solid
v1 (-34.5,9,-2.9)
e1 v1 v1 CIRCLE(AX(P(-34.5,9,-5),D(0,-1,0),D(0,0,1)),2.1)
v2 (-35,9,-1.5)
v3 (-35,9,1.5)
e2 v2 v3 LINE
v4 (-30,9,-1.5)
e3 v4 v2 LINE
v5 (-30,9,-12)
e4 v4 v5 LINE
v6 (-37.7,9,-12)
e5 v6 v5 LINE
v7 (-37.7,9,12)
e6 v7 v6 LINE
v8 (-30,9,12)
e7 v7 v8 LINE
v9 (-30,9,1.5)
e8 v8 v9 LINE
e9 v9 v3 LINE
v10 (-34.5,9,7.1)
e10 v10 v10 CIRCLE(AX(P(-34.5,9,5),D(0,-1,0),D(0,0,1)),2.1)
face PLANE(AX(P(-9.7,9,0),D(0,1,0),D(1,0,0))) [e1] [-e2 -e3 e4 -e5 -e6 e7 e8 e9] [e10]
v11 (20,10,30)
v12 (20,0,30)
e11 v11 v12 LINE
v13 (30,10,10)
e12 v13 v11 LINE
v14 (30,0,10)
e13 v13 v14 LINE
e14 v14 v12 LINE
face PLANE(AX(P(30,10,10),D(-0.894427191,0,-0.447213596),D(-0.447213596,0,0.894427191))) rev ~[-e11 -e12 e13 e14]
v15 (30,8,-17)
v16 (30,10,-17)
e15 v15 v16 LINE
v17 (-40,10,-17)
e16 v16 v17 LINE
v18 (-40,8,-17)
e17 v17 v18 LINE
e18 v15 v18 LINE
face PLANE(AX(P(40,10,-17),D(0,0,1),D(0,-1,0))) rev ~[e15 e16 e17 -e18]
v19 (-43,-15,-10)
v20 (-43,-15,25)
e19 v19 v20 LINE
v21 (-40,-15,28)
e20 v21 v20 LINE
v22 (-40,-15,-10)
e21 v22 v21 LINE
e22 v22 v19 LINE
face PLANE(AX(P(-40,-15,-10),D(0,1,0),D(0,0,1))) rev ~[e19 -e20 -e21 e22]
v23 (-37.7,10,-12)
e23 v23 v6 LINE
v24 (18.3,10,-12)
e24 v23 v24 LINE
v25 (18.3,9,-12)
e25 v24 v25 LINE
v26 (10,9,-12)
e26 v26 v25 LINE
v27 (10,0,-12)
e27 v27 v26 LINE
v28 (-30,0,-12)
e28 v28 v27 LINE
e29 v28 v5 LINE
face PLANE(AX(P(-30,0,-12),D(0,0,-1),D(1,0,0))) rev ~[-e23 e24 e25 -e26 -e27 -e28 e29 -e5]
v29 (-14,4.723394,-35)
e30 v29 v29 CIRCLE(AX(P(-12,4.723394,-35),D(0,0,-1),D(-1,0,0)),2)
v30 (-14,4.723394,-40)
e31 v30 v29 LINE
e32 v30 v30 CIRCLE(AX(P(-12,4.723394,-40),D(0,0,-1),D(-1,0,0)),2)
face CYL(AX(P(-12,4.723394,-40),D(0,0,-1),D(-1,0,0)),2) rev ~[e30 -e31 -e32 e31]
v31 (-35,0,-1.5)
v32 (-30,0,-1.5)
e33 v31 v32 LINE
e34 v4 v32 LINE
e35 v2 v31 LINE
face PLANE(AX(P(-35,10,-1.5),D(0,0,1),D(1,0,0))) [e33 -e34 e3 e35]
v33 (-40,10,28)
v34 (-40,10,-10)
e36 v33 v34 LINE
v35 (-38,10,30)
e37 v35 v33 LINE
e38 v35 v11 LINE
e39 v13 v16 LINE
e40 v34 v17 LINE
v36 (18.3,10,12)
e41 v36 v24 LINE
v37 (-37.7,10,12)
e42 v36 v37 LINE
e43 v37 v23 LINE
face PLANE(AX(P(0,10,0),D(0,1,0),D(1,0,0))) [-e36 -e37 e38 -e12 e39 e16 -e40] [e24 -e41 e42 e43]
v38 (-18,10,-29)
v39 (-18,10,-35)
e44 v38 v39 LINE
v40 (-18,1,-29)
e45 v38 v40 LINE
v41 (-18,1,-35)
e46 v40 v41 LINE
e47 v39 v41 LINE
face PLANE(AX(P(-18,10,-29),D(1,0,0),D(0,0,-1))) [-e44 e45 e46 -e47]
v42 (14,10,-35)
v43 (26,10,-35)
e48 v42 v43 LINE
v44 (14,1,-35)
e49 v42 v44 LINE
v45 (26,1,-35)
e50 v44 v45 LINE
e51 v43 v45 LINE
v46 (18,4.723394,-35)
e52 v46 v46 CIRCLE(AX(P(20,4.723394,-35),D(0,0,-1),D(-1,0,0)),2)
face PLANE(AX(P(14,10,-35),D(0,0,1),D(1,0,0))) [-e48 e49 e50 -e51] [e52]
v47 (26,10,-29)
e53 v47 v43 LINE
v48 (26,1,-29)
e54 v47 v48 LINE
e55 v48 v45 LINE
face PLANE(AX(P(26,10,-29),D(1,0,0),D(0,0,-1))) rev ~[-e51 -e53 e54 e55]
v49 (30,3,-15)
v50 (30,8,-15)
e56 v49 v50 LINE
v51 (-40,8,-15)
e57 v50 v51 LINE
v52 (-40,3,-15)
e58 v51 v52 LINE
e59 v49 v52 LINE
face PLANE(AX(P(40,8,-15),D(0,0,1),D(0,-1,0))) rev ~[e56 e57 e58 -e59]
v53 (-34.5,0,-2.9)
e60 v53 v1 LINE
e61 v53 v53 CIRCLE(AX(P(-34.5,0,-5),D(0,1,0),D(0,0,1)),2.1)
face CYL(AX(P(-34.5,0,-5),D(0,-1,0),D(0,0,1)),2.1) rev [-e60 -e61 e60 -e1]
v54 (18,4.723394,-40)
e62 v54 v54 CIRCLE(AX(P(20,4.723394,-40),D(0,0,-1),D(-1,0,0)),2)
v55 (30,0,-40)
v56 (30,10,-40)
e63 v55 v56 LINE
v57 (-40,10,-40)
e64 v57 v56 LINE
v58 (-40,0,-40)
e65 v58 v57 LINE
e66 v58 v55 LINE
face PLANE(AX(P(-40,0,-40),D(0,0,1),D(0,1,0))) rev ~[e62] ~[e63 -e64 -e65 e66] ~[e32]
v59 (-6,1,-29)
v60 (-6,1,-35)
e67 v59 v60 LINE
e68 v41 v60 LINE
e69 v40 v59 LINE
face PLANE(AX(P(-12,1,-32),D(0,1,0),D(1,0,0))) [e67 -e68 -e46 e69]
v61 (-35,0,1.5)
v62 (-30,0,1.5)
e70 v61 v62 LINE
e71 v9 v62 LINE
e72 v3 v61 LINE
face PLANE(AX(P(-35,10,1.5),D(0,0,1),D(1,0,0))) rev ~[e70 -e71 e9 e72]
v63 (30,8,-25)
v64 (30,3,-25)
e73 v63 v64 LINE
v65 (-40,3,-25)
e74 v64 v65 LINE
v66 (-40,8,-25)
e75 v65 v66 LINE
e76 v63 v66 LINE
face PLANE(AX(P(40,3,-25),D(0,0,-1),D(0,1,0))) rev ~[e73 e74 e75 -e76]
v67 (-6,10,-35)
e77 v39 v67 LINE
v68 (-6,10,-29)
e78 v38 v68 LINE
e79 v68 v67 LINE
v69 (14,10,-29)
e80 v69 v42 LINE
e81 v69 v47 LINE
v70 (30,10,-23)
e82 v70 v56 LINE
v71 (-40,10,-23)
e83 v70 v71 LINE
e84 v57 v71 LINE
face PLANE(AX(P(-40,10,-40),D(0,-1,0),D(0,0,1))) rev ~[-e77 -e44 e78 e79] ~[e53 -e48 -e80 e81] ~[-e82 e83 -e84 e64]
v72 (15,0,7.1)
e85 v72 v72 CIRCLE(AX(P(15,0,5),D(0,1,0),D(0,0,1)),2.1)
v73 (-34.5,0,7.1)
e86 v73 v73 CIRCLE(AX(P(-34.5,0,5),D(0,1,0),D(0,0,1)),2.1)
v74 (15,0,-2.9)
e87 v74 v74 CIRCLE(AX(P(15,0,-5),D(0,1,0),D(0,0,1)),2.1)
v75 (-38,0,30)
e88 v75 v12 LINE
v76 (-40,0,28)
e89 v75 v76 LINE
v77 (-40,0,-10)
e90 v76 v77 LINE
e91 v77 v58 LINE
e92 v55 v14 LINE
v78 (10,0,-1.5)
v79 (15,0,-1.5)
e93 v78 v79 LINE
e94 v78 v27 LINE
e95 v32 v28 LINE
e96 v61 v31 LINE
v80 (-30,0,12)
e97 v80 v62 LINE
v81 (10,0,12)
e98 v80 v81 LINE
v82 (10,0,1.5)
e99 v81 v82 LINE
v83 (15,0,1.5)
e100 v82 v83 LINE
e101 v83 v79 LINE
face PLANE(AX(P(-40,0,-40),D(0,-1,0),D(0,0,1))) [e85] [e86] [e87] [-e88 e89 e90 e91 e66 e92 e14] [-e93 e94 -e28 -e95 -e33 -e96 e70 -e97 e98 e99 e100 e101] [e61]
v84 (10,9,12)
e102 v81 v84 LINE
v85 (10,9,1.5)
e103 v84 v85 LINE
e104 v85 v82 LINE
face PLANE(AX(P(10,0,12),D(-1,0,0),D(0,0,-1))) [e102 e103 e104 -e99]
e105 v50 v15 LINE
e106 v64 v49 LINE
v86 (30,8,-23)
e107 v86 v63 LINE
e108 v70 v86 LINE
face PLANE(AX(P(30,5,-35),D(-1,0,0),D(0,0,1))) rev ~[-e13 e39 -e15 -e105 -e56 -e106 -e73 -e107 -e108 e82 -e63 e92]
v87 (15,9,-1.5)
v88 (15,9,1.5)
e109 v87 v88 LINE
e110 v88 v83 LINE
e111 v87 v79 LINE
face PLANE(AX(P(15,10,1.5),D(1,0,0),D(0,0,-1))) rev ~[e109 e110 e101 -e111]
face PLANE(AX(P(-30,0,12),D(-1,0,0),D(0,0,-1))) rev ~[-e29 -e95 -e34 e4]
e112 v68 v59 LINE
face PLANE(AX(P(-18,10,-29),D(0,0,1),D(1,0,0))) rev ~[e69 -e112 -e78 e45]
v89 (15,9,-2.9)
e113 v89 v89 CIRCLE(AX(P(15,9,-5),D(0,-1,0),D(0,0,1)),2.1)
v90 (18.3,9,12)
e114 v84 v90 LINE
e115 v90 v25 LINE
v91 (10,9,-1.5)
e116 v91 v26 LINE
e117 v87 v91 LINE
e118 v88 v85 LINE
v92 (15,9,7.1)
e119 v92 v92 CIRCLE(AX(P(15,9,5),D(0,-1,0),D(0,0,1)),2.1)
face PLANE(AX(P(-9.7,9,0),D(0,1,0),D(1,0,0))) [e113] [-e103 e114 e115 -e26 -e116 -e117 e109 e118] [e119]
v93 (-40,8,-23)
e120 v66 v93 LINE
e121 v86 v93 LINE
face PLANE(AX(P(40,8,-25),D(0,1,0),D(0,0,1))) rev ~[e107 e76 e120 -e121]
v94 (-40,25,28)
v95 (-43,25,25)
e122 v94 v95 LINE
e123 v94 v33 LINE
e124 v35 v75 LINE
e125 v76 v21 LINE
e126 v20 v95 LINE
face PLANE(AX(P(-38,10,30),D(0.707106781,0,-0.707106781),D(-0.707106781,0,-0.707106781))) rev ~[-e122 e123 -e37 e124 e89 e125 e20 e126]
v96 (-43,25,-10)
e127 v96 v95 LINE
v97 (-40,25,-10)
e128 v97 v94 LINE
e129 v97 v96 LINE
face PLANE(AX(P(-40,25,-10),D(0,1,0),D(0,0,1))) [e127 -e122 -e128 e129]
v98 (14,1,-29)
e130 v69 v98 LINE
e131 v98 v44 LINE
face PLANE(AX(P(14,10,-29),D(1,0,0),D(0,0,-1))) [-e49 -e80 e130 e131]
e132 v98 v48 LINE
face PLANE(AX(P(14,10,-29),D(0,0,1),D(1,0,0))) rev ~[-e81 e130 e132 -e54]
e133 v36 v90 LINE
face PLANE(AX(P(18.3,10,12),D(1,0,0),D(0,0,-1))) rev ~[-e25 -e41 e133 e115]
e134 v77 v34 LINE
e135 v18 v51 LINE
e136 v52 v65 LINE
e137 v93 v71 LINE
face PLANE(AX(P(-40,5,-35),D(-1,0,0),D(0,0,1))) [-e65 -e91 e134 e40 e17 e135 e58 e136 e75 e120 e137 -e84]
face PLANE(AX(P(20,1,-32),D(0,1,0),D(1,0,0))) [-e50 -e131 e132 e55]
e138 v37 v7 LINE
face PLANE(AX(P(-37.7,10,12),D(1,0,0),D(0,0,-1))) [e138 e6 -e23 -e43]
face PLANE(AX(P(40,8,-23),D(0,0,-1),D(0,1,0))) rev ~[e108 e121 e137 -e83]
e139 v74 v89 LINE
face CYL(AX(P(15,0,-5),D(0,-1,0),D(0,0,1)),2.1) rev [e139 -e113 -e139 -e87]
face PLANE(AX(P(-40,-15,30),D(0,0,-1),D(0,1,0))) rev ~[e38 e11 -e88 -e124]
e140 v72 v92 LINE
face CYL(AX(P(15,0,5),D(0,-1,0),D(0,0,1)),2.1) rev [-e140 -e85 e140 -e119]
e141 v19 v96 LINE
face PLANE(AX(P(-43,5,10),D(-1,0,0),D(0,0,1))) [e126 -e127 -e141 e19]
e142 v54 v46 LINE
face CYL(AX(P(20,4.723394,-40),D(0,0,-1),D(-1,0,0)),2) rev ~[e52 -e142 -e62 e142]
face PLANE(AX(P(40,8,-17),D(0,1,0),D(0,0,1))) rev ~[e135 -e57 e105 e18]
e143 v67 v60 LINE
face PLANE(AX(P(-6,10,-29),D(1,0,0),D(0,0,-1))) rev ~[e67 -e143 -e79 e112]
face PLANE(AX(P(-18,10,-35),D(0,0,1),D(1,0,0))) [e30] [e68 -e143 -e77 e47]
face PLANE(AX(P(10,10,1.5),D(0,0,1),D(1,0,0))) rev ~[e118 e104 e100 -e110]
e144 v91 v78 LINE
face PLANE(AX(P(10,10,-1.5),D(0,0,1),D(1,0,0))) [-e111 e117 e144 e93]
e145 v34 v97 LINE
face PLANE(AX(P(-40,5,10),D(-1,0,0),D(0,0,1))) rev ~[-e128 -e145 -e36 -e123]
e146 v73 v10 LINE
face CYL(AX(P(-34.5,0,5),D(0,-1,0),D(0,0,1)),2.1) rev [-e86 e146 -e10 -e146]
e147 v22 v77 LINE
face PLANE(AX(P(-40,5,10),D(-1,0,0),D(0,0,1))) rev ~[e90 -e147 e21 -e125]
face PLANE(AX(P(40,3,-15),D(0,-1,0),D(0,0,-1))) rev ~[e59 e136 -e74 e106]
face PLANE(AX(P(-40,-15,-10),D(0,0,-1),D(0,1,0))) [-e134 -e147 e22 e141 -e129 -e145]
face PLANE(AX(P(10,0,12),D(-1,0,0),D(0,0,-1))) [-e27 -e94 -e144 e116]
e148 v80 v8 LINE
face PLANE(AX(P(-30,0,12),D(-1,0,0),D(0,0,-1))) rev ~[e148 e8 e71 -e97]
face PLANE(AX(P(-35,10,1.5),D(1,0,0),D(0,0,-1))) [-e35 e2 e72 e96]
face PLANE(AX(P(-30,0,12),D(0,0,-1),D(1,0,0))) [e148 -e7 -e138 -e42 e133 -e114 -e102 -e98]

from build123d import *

# Parameters (mm, degrees)
SKETCH_1_W           = 80
SKETCH_1_H           = 60
SKETCH_1_R           = 2.1
SKETCH_1_W_2         = 40
SKETCH_1_H_2         = 24
EXTRUDE_1_DEPTH      = 10
CUT_EXTRUDE_1_DEPTH  = 80
SKETCH_5_W           = 5
SKETCH_5_H           = 3
CUT_EXTRUDE_2_DEPTH  = 80
SKETCH_7_W           = 56
SKETCH_7_H           = 24
CUT_EXTRUDE_3_DEPTH  = 1
SKETCH_8_W           = 40
SKETCH_8_H           = 40
EXTRUDE_2_DEPTH      = 3
SKETCH_9_W           = 10
SKETCH_9_H           = 60
CUT_EXTRUDE_4_DEPTH  = 10
CUT_EXTRUDE_11_DEPTH = 28
CUT_EXTRUDE_12_DEPTH = 28
SKETCH_24_W          = 10
SKETCH_24_H          = 10
EXTRUDE_3_DEPTH      = 70
SKETCH_25_W          = 12
SKETCH_25_H          = 6
CUT_EXTRUDE_13_DEPTH = 9
SKETCH_26_R          = 2
CUT_EXTRUDE_14_DEPTH = 8
CUT_EXTRUDE_15_REACH = 65.828


with BuildPart() as part:
    # 草圖1 → 填料-伸長1 (new body)
    with BuildSketch(Plane(origin=(0, 0, 0), x_dir=(1, 0, 0), z_dir=(0, 1, 0))):
        Rectangle(SKETCH_1_W, SKETCH_1_H)
        with Locations(Location((-34.5, -5, 0), (0, 0, 270))):
            Circle(SKETCH_1_R, mode=Mode.SUBTRACT)
        with Locations(Location((-34.5, 5, 0), (0, 0, 270))):
            Circle(SKETCH_1_R, mode=Mode.SUBTRACT)
        with Locations(Location((15, -5, 0), (0, 0, 270))):
            Circle(SKETCH_1_R, mode=Mode.SUBTRACT)
        with Locations(Location((15, 5, 0), (0, 0, 270))):
            Circle(SKETCH_1_R, mode=Mode.SUBTRACT)
        with Locations((-10, 0)):
            Rectangle(SKETCH_1_W_2, SKETCH_1_H_2, mode=Mode.SUBTRACT)
    extrude(amount=EXTRUDE_1_DEPTH)

    # 草圖4 → 除料-伸長1 (cut)
    with BuildSketch(Plane(origin=(40, 0, 0), x_dir=(0, 0, -1), z_dir=(1, 0, 0))):
        Polygon((17, 10), (17, 8), (15, 8), (15, 3), (25, 3), (25, 8), (23, 8), (23, 10), align=None)
    extrude(amount=-CUT_EXTRUDE_1_DEPTH, mode=Mode.SUBTRACT)

    # 草圖5 → 除料-伸長2 (cut)
    with BuildSketch(Plane(origin=(0, 10, 0), x_dir=(1, 0, 0), z_dir=(0, 1, 0))):
        with Locations((12.5, 0)):
            Rectangle(SKETCH_5_W, SKETCH_5_H)
        with Locations((-32.5, 0)):
            Rectangle(SKETCH_5_W, SKETCH_5_H)
    extrude(amount=-CUT_EXTRUDE_2_DEPTH, mode=Mode.SUBTRACT)

    # 草圖7 → 除料-伸長3 (cut)
    with BuildSketch(Plane(origin=(0, 10, 0), x_dir=(1, 0, 0), z_dir=(0, 1, 0))):
        with Locations((-9.7, 0)):
            Rectangle(SKETCH_7_W, SKETCH_7_H)
    extrude(amount=-CUT_EXTRUDE_3_DEPTH, mode=Mode.SUBTRACT)

    # 草圖8 → 填料-伸長2 (add)
    with BuildSketch(Plane.ZY.offset(40)):
        with Locations((10, 5)):
            Rectangle(SKETCH_8_W, SKETCH_8_H)
    extrude(amount=EXTRUDE_2_DEPTH)

    # 草圖9 → 除料-伸長4 (cut)
    with BuildSketch(Plane(origin=(0, 10, 0), x_dir=(1, 0, 0), z_dir=(0, 1, 0))):
        with Locations((35, 0)):
            Rectangle(SKETCH_9_W, SKETCH_9_H)
    extrude(amount=-CUT_EXTRUDE_4_DEPTH, mode=Mode.SUBTRACT)

    # 草圖22 → 除料-伸長11 (cut)
    with BuildSketch(Plane(origin=(0, 10, 0), x_dir=(1, 0, 0), z_dir=(0, 1, 0))):
        Polygon((-43, -25), (-43, -30), (-38, -30), align=None)
    extrude(amount=-CUT_EXTRUDE_11_DEPTH, mode=Mode.SUBTRACT)

    # 草圖23 → 除料-伸長12 (cut)
    with BuildSketch(Plane(origin=(0, 25, 0), x_dir=(1, 0, 0), z_dir=(0, 1, 0))):
        Polygon((-43, -30), (-38, -30), (-43, -25), align=None)
    extrude(amount=-CUT_EXTRUDE_12_DEPTH, mode=Mode.SUBTRACT)

    # 草圖24 → 填料-伸長3 (add)
    with BuildSketch(Plane.ZY.offset(40)):
        with Locations((-35, 5)):
            Rectangle(SKETCH_24_W, SKETCH_24_H)
    extrude(amount=-EXTRUDE_3_DEPTH)

    # 草圖25 → 除料-伸長13 (cut)
    with BuildSketch(Plane(origin=(0, 10, 0), x_dir=(1, 0, 0), z_dir=(0, 1, 0))):
        with Locations((-12, 32)):
            Rectangle(SKETCH_25_W, SKETCH_25_H)
        with Locations((20, 32)):
            Rectangle(SKETCH_25_W, SKETCH_25_H)
    extrude(amount=-CUT_EXTRUDE_13_DEPTH, mode=Mode.SUBTRACT)

    # 草圖26 → 除料-伸長14 (cut)
    with BuildSketch(Plane(origin=(0, 0, -40), x_dir=(-1, 0, 0), z_dir=(0, 0, -1))):
        with Locations((-20, 4.723394197)):
            Circle(SKETCH_26_R)
        with Locations((12, 4.723394197)):
            Circle(SKETCH_26_R)
    extrude(amount=-CUT_EXTRUDE_14_DEPTH, mode=Mode.SUBTRACT)

    # 草圖27 → 除料-伸長15 (cut, up to next)
    with BuildSketch(Plane(origin=(0, 10, 0), x_dir=(1, 0, 0), z_dir=(0, 1, 0)), mode=Mode.PRIVATE) as cut_extrude_15_sk1:
        Polygon((30, -10), (20, -30), (30, -30), align=None)
    cut_extrude_15_tool1 = extrude(cut_extrude_15_sk1.sketch, amount=-CUT_EXTRUDE_15_REACH, mode=Mode.PRIVATE) & part.part
    add(cut_extrude_15_tool1.solids().sort_by_distance((26.666667, 10, 23.333333))[0], mode=Mode.SUBTRACT)


solid = part.part
